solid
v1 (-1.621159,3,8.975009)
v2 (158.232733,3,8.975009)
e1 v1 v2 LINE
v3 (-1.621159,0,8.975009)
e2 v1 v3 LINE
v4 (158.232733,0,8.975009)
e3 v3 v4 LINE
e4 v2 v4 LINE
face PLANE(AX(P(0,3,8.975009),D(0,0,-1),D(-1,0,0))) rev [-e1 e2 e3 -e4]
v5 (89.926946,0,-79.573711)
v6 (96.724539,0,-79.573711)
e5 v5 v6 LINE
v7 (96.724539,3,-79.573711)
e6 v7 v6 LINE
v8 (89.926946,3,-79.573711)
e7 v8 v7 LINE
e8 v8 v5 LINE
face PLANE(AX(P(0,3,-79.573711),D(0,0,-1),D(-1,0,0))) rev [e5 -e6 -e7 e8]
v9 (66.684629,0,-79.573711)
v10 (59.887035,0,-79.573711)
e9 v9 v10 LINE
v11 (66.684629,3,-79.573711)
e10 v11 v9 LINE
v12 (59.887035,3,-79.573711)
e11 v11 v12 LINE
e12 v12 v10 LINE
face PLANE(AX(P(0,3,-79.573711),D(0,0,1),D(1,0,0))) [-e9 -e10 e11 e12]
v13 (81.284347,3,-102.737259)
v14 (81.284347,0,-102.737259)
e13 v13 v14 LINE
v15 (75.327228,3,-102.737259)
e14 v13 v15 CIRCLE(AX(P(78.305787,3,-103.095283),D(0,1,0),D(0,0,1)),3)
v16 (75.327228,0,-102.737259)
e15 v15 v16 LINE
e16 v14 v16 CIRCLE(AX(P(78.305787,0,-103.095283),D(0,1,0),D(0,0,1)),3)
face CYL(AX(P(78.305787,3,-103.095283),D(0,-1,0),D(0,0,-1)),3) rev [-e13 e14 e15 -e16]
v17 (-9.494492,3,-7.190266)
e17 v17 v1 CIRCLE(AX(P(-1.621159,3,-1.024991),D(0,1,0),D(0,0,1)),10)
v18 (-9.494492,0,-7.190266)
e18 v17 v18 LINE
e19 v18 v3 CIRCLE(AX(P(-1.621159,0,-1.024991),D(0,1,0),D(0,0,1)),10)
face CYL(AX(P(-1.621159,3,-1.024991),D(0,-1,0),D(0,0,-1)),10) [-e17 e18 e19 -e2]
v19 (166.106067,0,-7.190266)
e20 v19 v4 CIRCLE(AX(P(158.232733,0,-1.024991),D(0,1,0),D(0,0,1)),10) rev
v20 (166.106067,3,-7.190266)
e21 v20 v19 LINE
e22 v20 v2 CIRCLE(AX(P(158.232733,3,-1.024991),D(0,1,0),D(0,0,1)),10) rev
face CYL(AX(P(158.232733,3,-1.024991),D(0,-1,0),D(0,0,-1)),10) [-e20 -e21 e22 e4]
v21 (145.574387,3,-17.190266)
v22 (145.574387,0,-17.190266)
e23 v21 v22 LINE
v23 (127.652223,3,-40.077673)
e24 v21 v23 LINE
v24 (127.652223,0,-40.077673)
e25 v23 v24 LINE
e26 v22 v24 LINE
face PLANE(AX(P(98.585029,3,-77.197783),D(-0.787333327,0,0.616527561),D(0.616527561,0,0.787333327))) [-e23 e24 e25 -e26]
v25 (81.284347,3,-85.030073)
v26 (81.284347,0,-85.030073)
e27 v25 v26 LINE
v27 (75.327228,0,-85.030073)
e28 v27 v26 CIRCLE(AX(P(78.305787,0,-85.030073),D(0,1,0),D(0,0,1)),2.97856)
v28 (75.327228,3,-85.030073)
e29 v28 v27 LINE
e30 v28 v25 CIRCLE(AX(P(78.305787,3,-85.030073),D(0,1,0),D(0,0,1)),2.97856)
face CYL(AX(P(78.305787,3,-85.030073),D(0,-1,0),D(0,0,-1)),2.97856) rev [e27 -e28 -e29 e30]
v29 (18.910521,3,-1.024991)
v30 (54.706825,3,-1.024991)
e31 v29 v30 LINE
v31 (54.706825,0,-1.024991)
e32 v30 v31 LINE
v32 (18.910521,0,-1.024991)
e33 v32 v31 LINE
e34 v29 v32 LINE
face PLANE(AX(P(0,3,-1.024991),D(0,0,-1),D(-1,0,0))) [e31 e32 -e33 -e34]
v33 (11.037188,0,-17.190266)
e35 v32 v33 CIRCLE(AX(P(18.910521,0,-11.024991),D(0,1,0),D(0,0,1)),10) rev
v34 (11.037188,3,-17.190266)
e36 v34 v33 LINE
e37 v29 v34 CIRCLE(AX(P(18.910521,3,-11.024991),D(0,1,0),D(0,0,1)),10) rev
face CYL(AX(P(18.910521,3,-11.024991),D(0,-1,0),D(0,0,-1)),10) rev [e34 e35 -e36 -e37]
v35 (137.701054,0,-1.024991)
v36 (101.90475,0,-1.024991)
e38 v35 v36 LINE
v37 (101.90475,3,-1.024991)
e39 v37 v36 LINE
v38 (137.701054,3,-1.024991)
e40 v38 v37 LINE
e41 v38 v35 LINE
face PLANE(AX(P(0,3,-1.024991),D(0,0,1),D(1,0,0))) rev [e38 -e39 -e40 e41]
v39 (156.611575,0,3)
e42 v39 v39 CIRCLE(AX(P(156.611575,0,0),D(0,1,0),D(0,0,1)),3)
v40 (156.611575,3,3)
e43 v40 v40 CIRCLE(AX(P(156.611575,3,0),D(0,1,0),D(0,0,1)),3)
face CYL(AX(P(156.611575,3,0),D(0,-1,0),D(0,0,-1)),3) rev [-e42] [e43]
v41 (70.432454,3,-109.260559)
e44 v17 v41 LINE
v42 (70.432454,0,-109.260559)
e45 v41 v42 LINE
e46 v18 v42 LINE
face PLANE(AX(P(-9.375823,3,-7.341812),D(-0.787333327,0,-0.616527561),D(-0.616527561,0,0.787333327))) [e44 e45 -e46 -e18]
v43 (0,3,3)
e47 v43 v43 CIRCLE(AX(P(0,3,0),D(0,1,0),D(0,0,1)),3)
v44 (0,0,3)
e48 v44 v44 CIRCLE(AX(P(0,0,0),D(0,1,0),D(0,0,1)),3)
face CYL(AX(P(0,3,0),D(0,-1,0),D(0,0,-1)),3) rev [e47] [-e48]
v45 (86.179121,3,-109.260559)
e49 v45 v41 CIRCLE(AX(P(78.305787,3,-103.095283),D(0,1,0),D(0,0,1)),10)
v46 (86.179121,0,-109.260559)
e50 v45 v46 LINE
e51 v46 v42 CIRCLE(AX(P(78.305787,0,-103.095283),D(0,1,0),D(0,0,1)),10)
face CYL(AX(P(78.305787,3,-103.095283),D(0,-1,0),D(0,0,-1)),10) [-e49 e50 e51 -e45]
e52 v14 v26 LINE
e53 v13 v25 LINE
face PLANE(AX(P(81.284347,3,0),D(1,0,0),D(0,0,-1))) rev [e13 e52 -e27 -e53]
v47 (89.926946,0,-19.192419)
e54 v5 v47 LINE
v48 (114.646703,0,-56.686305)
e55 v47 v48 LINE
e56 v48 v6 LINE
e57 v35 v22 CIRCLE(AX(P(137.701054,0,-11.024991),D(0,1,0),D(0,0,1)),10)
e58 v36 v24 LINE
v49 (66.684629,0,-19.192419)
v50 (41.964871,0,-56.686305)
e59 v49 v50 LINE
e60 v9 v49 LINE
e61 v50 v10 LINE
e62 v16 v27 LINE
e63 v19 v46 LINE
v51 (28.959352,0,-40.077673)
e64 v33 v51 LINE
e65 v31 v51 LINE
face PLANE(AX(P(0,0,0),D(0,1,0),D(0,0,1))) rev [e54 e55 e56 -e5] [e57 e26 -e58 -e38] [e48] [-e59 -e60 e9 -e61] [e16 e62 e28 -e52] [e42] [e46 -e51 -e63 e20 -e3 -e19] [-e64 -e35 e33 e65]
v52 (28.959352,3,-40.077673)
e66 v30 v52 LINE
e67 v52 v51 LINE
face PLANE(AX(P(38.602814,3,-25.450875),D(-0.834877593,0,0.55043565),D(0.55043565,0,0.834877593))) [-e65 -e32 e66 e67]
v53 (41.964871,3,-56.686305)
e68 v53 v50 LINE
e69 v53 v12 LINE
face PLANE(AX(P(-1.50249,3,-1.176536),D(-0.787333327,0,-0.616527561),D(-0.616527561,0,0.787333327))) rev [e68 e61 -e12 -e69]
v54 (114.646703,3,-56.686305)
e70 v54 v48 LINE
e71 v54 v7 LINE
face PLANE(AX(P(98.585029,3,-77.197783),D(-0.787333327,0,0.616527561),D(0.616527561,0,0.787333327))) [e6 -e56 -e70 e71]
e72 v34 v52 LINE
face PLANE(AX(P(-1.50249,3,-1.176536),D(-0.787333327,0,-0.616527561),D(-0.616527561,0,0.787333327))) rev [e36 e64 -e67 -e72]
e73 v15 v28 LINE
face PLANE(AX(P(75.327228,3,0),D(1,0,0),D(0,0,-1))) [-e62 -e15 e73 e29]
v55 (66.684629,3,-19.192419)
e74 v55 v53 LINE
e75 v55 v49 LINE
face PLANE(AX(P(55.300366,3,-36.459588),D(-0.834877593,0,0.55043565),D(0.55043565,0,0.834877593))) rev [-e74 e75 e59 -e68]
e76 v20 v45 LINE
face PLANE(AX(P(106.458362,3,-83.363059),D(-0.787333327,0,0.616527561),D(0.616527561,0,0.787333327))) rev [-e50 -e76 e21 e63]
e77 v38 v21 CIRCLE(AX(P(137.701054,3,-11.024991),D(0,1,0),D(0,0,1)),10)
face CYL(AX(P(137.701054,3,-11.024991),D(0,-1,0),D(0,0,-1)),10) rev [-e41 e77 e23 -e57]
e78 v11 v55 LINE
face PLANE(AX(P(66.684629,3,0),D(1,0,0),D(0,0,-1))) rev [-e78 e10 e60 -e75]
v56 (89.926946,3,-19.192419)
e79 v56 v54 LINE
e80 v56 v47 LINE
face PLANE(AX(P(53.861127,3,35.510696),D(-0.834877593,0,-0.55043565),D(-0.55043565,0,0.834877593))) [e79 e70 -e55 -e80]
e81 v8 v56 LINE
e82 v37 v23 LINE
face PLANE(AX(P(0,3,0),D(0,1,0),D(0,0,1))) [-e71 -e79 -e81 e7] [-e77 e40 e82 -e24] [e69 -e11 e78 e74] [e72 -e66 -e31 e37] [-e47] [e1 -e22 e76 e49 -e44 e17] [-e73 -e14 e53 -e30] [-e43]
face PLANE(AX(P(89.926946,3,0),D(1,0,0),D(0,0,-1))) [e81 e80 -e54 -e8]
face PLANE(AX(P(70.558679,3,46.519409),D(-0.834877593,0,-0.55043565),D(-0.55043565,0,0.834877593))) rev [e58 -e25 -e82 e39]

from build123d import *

# Parameters (mm, degrees)
SKETCH1_R           = 3
BOSS_EXTRUDE1_DEPTH = 3


with BuildPart() as part:
    # Sketch1 → Boss-Extrude1 (new body)
    with BuildSketch(Plane(origin=(0, 0, 0), x_dir=(1, 0, 0), z_dir=(0, 1, 0))):
        with BuildLine():
            ThreePointArc((158.232733492, -8.975009298), (167.223082652, -3.353778756), (166.106066757, 7.190266308))
            Line((166.106066757, 7.190266308), (86.179120629, 109.260558707))
            ThreePointArc((86.179120629, 109.260558707), (78.305787364, 113.095283102), (70.432454098, 109.260558707))
            Line((70.432454098, 109.260558707), (-9.49449203, 7.190266308))
            ThreePointArc((-9.49449203, 7.190266308), (-10.611507924, -3.353778756), (-1.621158764, -8.975009298))
            Line((-1.621158764, -8.975009298), (78.305787364, -8.975009298))
            Line((78.305787364, -8.975009298), (158.232733492, -8.975009298))
        make_face()
        with Locations(Location((0, 0, 0), (0, 0, 270))):
            Circle(SKETCH1_R, mode=Mode.SUBTRACT)
        with BuildLine():
            ThreePointArc((18.910520844, 1.024990702), (9.920171683, 6.646221244), (11.037187578, 17.190266308))
            Line((11.037187578, 17.190266308), (28.959351543, 40.077672933))
            Line((28.959351543, 40.077672933), (54.70682481, 1.024990702))
            Line((54.70682481, 1.024990702), (18.910520844, 1.024990702))
        make_face(mode=Mode.SUBTRACT)
        Polygon((59.887035288, 79.573711202), (66.6846286, 79.573711202), (66.6846286, 66.364650506), (66.6846286, 19.192418643), (41.964871323, 56.686304577), align=None, mode=Mode.SUBTRACT)
        with Locations(Location((156.611574728, 0, 0), (0, 0, 270))):
            Circle(SKETCH1_R, mode=Mode.SUBTRACT)
        with BuildLine():
            Line((137.701053884, 1.024990702), (101.904749918, 1.024990702))
            Line((101.904749918, 1.024990702), (127.652223184, 40.077672933))
            Line((127.652223184, 40.077672933), (145.574387149, 17.190266308))
            ThreePointArc((145.574387149, 17.190266308), (146.691403044, 6.646221244), (137.701053884, 1.024990702))
        make_face(mode=Mode.SUBTRACT)
        Polygon((114.646703405, 56.686304577), (89.926946128, 19.192418643), (89.926946128, 79.573711202), (96.72453944, 79.573711202), align=None, mode=Mode.SUBTRACT)
        with BuildLine():
            ThreePointArc((81.284347166, 85.030073249), (80.411947198, 82.923913414), (78.305787364, 82.051513446))
            ThreePointArc((78.305787364, 82.051513446), (76.199627529, 82.923913414), (75.327227561, 85.030073249))
            Line((75.327227561, 85.030073249), (75.327227561, 102.737258658))
            ThreePointArc((75.327227561, 102.737258658), (78.126454444, 106.089918256), (81.305787364, 103.095283102))
            ThreePointArc((81.305787364, 103.095283102), (81.300422517, 102.915950182), (81.284347166, 102.737258658))
            Line((81.284347166, 102.737258658), (81.284347166, 85.030073249))
        make_face(mode=Mode.SUBTRACT)
    extrude(amount=BOSS_EXTRUDE1_DEPTH)


solid = part.part
